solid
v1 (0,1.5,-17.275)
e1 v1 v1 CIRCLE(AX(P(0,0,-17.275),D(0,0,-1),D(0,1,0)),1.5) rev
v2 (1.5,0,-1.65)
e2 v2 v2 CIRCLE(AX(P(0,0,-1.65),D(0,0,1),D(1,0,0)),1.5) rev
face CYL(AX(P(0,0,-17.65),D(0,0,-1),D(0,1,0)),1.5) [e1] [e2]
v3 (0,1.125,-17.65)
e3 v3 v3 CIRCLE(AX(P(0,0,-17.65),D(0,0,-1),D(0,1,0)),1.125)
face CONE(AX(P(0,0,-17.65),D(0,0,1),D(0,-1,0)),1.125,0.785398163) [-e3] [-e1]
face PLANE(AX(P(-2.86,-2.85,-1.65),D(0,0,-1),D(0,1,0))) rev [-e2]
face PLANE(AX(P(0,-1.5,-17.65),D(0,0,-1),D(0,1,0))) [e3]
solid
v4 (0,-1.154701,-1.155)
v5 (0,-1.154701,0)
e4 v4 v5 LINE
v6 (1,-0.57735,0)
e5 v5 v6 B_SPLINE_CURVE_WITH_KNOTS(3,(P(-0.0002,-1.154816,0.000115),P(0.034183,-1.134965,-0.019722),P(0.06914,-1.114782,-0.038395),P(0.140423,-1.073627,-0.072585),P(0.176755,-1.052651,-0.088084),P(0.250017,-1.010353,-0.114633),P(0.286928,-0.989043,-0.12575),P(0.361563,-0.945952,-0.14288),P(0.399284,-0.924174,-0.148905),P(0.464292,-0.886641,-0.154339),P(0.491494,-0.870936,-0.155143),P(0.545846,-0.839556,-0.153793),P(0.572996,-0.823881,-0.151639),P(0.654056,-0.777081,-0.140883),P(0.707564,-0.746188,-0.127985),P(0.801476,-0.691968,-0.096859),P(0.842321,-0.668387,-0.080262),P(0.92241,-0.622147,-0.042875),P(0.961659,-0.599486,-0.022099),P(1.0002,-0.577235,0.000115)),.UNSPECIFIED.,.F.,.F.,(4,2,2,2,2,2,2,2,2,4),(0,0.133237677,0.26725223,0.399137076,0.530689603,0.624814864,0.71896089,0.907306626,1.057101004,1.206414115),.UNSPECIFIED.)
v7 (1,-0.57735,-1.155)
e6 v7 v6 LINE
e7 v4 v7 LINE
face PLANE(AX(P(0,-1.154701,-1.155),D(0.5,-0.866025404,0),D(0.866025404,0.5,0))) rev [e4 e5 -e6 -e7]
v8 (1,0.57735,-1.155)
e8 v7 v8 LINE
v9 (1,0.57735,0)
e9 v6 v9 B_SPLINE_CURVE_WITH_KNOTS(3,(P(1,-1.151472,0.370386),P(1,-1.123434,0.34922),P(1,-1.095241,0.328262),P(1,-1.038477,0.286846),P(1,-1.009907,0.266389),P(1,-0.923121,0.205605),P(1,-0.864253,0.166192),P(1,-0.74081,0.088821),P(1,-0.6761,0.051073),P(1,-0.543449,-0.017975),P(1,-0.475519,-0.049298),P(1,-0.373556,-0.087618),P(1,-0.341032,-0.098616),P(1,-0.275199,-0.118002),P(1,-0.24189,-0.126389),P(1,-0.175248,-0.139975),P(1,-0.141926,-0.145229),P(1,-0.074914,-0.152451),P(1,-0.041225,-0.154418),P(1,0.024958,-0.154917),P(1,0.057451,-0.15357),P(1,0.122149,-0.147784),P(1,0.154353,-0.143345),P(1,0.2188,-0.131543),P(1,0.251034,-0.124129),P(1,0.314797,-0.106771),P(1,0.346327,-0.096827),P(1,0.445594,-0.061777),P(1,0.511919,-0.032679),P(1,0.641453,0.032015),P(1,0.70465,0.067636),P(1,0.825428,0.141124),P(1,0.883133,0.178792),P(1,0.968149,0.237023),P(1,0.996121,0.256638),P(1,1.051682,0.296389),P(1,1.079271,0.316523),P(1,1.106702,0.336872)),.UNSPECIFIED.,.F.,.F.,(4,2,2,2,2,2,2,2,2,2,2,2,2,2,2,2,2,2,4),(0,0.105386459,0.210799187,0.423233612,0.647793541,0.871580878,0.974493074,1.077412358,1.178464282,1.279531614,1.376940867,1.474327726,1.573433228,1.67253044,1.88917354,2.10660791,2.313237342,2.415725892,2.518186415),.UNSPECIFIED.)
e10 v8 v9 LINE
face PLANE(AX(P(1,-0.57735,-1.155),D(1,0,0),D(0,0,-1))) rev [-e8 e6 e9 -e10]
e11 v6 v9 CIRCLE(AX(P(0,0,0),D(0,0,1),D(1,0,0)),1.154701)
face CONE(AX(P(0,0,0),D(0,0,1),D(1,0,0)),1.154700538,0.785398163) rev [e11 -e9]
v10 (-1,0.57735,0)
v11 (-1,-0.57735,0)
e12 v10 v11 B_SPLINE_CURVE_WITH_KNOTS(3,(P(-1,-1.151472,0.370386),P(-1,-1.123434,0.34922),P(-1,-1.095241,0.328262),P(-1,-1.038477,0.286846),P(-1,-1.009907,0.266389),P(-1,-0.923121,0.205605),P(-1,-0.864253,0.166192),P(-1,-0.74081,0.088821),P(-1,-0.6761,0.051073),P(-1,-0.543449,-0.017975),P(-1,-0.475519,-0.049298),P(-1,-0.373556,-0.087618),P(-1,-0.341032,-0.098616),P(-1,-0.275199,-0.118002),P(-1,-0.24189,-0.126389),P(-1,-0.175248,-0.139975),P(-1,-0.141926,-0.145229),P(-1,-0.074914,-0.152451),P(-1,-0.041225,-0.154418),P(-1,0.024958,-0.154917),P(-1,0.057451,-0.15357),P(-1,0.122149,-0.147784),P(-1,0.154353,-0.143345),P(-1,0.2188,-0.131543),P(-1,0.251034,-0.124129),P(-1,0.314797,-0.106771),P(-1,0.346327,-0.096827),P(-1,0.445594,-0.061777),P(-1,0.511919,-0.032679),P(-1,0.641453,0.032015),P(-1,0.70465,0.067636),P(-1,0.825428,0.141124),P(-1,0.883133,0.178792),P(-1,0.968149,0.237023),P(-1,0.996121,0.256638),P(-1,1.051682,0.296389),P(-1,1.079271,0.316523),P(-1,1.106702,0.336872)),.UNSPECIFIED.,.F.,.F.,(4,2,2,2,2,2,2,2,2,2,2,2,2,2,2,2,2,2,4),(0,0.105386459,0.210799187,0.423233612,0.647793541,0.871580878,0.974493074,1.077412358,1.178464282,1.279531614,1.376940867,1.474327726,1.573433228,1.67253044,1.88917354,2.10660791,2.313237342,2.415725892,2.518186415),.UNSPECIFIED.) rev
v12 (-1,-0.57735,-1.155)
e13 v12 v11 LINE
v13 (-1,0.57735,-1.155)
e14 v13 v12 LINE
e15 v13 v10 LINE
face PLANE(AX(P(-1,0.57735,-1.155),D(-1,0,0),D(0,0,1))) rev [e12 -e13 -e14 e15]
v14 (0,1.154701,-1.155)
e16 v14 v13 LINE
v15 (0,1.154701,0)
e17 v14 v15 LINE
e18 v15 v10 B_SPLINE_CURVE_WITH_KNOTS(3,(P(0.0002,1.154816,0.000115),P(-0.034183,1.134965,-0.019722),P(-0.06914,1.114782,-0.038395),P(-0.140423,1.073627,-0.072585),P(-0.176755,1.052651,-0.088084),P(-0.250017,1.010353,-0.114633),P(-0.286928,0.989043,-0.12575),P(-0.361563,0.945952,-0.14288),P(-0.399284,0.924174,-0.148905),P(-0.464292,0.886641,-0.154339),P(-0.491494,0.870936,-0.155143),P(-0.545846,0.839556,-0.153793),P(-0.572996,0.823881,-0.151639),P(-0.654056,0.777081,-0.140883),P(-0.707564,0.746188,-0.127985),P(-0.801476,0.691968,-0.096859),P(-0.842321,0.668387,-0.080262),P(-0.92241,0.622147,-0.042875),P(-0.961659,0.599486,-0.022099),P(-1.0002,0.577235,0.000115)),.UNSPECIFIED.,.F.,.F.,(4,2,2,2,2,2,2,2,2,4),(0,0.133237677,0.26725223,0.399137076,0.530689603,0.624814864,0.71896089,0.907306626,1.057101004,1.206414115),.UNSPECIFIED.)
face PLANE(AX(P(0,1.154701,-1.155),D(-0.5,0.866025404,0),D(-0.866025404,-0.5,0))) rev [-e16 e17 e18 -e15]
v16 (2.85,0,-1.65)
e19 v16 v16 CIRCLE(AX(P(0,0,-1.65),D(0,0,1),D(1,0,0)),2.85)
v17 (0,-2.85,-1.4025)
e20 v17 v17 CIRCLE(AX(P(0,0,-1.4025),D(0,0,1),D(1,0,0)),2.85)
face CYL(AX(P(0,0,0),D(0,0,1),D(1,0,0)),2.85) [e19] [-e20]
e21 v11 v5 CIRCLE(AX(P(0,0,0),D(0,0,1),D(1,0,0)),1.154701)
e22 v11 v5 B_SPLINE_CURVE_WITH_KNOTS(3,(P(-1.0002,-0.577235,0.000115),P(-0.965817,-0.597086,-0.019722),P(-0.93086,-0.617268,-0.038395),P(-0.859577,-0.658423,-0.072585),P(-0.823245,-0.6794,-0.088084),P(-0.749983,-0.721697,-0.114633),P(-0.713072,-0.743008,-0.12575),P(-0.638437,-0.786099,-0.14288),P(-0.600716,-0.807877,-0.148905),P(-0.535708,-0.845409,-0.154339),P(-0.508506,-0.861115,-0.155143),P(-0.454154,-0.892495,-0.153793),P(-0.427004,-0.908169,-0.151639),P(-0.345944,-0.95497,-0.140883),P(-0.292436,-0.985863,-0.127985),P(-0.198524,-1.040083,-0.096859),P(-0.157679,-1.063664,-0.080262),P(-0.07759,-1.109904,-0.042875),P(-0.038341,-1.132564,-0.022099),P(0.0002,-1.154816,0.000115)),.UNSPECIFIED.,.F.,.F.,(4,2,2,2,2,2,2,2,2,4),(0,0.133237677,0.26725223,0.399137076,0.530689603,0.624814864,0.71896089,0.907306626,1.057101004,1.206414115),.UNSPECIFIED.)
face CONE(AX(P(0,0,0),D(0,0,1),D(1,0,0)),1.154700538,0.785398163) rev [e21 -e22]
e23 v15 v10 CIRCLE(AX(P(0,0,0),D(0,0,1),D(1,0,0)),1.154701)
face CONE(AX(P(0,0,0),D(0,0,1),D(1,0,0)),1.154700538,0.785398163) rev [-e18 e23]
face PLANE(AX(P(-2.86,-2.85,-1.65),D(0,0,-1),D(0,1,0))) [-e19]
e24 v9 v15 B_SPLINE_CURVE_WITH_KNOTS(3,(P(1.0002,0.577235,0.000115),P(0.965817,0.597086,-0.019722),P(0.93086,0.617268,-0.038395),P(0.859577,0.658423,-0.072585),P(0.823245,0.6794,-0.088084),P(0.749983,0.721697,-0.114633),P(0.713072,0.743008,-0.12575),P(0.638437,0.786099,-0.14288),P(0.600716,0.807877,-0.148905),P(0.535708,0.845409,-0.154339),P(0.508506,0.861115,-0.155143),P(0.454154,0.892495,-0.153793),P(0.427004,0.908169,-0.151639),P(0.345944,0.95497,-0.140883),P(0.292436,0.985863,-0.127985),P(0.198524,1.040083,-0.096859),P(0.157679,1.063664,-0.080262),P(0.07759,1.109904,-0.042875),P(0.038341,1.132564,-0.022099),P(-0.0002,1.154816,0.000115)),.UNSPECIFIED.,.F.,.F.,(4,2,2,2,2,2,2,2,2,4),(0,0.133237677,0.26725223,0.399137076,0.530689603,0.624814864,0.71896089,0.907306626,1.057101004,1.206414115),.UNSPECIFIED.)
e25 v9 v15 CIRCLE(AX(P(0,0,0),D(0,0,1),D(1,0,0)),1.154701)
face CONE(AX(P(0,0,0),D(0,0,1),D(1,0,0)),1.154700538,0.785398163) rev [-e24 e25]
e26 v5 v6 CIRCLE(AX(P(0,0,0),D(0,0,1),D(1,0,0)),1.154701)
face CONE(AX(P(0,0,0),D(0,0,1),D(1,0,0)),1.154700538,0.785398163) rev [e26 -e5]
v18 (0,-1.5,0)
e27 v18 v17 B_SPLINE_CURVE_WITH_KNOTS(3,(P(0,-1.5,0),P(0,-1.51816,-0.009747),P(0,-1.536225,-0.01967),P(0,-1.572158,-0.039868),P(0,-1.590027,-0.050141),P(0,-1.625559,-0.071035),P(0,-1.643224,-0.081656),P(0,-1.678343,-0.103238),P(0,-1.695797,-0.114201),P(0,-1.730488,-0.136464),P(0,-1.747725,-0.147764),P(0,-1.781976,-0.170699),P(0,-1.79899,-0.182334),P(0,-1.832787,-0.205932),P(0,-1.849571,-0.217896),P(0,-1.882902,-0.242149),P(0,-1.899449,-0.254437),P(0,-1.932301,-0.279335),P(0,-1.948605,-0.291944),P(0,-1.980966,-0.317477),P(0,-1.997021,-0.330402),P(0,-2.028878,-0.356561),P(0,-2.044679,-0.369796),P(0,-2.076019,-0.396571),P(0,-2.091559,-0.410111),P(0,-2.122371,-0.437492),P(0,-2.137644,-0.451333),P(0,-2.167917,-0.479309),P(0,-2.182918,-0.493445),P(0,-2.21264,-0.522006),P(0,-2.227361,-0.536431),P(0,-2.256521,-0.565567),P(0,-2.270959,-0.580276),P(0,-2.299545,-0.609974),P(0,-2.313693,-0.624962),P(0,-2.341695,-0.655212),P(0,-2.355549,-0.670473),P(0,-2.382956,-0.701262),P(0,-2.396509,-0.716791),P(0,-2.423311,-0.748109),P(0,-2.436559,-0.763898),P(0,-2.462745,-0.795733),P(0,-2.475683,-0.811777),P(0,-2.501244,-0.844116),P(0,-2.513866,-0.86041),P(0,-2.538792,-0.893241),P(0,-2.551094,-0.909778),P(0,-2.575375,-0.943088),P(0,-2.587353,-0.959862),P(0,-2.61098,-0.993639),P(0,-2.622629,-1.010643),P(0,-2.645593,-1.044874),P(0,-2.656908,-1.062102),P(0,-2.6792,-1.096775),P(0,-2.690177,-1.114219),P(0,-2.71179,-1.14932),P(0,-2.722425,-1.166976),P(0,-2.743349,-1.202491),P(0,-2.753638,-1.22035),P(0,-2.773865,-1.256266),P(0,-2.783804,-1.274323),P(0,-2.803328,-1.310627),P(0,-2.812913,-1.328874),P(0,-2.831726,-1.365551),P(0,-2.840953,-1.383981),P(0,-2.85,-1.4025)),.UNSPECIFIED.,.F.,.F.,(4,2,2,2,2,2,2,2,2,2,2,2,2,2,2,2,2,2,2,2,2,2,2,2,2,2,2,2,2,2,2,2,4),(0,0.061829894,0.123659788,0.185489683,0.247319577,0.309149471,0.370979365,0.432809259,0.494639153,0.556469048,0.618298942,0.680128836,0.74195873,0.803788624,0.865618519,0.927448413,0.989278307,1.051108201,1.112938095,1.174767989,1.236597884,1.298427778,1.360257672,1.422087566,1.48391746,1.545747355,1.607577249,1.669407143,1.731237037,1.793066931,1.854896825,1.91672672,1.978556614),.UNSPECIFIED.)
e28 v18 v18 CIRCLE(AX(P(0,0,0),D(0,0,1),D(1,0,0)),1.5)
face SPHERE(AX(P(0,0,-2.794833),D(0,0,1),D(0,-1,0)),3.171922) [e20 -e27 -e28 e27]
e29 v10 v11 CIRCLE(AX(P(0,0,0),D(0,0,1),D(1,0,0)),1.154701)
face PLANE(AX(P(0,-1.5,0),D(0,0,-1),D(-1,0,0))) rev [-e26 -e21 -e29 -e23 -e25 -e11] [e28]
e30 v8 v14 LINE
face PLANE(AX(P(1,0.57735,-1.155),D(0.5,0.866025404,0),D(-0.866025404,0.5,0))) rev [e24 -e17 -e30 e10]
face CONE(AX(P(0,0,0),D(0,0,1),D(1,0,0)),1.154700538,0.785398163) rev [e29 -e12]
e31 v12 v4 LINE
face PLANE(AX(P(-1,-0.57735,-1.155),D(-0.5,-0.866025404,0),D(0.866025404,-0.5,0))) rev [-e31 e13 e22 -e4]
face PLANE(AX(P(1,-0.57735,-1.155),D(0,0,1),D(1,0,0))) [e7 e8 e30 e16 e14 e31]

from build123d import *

# Parameters (mm, degrees)
SKETCH1_W              = 16
SKETCH1_H              = 1.5
CUT_EXTRUDE2_DEPTH     = 1.155
SPLIT1_SURFACE_1_BACK  = 20.404
SPLIT1_SURFACE_1_DEPTH = 40.808
SPLIT1_SURFACE_2_BACK  = 20.404
SPLIT1_SURFACE_2_DEPTH = 40.808
CHAMFER1_SIZE          = 0.375


with BuildPart() as part:
    # Sketch1 → Revolve1 (revolve)
    with BuildSketch(Plane(origin=(0, 0, 0), x_dir=(0, 0, -1), z_dir=(1, 0, 0))):
        with Locations((9.65, 0.75)):
            Rectangle(SKETCH1_W, SKETCH1_H)
    revolve(axis=Axis((0, 0, -17.65), (0, 0, 1)))

    # Sketch7 → Revolve2 (revolve)
    with BuildSketch(Plane(origin=(0, 0, 0), x_dir=(0, 0, -1), z_dir=(1, 0, 0))):
        with BuildLine():
            Line((1.4025, 2.85), (1.65, 2.85))
            Line((1.65, 2.85), (1.65, 0))
            Line((1.65, 0), (0, 0))
            Line((0, 0), (0, 1.5))
            ThreePointArc((0, 1.5), (0.59512511, 2.285251969), (1.4025, 2.85))
        make_face()
    revolve(axis=Axis((0, 0, 0), (0, 0, -1)))

    # Sketch5 → Cut-Extrude2 (cut)
    with BuildSketch(Plane.XY):
        Polygon((1, -0.577350269), (1, 0.577350269), (0, 1.154700538), (-1, 0.577350269), (-1, -0.577350269), (0, -1.154700538), align=None)
    extrude(amount=-CUT_EXTRUDE2_DEPTH, mode=Mode.SUBTRACT)

    # Cut-Extrude3 cone 1 section (through the dimple's axis) → Cut-Extrude3 (revolve, cut)
    with BuildSketch(Plane(origin=(0, 0, 0), x_dir=(0, -1, 0), z_dir=(1, 0, 0))):
        Polygon((0, 0), (1.154700538, 0), (0, 1.154700538), align=None)
    revolve(axis=Axis((0, 0, 0), (0, 0, -1)), mode=Mode.SUBTRACT)


with BuildPart() as body_2:
    # Split1: the piece behind the surface
    add(part.part)
    # Split1 surface: a surface, the sketch's curves swept straight by 40.808 mm
    with BuildLine(Plane(origin=(0, 0, 0), x_dir=(0, 0, -1), z_dir=(1, 0, 0)).offset(-SPLIT1_SURFACE_1_BACK), mode=Mode.PRIVATE) as split1_surface_1_path:
        Line((1.65, -2.85), (1.65, 2.85))
    split1_surface_1 = Shell.extrude(split1_surface_1_path.wire(), (1 * SPLIT1_SURFACE_1_DEPTH, 0 * SPLIT1_SURFACE_1_DEPTH, 0 * SPLIT1_SURFACE_1_DEPTH))
    split(bisect_by=split1_surface_1, keep=Keep.BOTTOM)

    # Chamfer1
    chamfer1_edges = [body_2.edges().sort_by_distance(p)[0] for p in [
        (0, -1.5, -17.65),
    ]]
    chamfer(chamfer1_edges, length=CHAMFER1_SIZE)


with BuildPart() as part_1:
    add(part.part)

    # Split1: split by a surface, the side it looks to stays
    # Split1 surface: a surface, the sketch's curves swept straight by 40.808 mm
    with BuildLine(Plane(origin=(0, 0, 0), x_dir=(0, 0, -1), z_dir=(1, 0, 0)).offset(-SPLIT1_SURFACE_2_BACK), mode=Mode.PRIVATE) as split1_surface_2_path:
        Line((1.65, -2.85), (1.65, 2.85))
    split1_surface_2 = Shell.extrude(split1_surface_2_path.wire(), (1 * SPLIT1_SURFACE_2_DEPTH, 0 * SPLIT1_SURFACE_2_DEPTH, 0 * SPLIT1_SURFACE_2_DEPTH))
    split(bisect_by=split1_surface_2, keep=Keep.TOP)


solid = Compound([body_2.part, part_1.part])
